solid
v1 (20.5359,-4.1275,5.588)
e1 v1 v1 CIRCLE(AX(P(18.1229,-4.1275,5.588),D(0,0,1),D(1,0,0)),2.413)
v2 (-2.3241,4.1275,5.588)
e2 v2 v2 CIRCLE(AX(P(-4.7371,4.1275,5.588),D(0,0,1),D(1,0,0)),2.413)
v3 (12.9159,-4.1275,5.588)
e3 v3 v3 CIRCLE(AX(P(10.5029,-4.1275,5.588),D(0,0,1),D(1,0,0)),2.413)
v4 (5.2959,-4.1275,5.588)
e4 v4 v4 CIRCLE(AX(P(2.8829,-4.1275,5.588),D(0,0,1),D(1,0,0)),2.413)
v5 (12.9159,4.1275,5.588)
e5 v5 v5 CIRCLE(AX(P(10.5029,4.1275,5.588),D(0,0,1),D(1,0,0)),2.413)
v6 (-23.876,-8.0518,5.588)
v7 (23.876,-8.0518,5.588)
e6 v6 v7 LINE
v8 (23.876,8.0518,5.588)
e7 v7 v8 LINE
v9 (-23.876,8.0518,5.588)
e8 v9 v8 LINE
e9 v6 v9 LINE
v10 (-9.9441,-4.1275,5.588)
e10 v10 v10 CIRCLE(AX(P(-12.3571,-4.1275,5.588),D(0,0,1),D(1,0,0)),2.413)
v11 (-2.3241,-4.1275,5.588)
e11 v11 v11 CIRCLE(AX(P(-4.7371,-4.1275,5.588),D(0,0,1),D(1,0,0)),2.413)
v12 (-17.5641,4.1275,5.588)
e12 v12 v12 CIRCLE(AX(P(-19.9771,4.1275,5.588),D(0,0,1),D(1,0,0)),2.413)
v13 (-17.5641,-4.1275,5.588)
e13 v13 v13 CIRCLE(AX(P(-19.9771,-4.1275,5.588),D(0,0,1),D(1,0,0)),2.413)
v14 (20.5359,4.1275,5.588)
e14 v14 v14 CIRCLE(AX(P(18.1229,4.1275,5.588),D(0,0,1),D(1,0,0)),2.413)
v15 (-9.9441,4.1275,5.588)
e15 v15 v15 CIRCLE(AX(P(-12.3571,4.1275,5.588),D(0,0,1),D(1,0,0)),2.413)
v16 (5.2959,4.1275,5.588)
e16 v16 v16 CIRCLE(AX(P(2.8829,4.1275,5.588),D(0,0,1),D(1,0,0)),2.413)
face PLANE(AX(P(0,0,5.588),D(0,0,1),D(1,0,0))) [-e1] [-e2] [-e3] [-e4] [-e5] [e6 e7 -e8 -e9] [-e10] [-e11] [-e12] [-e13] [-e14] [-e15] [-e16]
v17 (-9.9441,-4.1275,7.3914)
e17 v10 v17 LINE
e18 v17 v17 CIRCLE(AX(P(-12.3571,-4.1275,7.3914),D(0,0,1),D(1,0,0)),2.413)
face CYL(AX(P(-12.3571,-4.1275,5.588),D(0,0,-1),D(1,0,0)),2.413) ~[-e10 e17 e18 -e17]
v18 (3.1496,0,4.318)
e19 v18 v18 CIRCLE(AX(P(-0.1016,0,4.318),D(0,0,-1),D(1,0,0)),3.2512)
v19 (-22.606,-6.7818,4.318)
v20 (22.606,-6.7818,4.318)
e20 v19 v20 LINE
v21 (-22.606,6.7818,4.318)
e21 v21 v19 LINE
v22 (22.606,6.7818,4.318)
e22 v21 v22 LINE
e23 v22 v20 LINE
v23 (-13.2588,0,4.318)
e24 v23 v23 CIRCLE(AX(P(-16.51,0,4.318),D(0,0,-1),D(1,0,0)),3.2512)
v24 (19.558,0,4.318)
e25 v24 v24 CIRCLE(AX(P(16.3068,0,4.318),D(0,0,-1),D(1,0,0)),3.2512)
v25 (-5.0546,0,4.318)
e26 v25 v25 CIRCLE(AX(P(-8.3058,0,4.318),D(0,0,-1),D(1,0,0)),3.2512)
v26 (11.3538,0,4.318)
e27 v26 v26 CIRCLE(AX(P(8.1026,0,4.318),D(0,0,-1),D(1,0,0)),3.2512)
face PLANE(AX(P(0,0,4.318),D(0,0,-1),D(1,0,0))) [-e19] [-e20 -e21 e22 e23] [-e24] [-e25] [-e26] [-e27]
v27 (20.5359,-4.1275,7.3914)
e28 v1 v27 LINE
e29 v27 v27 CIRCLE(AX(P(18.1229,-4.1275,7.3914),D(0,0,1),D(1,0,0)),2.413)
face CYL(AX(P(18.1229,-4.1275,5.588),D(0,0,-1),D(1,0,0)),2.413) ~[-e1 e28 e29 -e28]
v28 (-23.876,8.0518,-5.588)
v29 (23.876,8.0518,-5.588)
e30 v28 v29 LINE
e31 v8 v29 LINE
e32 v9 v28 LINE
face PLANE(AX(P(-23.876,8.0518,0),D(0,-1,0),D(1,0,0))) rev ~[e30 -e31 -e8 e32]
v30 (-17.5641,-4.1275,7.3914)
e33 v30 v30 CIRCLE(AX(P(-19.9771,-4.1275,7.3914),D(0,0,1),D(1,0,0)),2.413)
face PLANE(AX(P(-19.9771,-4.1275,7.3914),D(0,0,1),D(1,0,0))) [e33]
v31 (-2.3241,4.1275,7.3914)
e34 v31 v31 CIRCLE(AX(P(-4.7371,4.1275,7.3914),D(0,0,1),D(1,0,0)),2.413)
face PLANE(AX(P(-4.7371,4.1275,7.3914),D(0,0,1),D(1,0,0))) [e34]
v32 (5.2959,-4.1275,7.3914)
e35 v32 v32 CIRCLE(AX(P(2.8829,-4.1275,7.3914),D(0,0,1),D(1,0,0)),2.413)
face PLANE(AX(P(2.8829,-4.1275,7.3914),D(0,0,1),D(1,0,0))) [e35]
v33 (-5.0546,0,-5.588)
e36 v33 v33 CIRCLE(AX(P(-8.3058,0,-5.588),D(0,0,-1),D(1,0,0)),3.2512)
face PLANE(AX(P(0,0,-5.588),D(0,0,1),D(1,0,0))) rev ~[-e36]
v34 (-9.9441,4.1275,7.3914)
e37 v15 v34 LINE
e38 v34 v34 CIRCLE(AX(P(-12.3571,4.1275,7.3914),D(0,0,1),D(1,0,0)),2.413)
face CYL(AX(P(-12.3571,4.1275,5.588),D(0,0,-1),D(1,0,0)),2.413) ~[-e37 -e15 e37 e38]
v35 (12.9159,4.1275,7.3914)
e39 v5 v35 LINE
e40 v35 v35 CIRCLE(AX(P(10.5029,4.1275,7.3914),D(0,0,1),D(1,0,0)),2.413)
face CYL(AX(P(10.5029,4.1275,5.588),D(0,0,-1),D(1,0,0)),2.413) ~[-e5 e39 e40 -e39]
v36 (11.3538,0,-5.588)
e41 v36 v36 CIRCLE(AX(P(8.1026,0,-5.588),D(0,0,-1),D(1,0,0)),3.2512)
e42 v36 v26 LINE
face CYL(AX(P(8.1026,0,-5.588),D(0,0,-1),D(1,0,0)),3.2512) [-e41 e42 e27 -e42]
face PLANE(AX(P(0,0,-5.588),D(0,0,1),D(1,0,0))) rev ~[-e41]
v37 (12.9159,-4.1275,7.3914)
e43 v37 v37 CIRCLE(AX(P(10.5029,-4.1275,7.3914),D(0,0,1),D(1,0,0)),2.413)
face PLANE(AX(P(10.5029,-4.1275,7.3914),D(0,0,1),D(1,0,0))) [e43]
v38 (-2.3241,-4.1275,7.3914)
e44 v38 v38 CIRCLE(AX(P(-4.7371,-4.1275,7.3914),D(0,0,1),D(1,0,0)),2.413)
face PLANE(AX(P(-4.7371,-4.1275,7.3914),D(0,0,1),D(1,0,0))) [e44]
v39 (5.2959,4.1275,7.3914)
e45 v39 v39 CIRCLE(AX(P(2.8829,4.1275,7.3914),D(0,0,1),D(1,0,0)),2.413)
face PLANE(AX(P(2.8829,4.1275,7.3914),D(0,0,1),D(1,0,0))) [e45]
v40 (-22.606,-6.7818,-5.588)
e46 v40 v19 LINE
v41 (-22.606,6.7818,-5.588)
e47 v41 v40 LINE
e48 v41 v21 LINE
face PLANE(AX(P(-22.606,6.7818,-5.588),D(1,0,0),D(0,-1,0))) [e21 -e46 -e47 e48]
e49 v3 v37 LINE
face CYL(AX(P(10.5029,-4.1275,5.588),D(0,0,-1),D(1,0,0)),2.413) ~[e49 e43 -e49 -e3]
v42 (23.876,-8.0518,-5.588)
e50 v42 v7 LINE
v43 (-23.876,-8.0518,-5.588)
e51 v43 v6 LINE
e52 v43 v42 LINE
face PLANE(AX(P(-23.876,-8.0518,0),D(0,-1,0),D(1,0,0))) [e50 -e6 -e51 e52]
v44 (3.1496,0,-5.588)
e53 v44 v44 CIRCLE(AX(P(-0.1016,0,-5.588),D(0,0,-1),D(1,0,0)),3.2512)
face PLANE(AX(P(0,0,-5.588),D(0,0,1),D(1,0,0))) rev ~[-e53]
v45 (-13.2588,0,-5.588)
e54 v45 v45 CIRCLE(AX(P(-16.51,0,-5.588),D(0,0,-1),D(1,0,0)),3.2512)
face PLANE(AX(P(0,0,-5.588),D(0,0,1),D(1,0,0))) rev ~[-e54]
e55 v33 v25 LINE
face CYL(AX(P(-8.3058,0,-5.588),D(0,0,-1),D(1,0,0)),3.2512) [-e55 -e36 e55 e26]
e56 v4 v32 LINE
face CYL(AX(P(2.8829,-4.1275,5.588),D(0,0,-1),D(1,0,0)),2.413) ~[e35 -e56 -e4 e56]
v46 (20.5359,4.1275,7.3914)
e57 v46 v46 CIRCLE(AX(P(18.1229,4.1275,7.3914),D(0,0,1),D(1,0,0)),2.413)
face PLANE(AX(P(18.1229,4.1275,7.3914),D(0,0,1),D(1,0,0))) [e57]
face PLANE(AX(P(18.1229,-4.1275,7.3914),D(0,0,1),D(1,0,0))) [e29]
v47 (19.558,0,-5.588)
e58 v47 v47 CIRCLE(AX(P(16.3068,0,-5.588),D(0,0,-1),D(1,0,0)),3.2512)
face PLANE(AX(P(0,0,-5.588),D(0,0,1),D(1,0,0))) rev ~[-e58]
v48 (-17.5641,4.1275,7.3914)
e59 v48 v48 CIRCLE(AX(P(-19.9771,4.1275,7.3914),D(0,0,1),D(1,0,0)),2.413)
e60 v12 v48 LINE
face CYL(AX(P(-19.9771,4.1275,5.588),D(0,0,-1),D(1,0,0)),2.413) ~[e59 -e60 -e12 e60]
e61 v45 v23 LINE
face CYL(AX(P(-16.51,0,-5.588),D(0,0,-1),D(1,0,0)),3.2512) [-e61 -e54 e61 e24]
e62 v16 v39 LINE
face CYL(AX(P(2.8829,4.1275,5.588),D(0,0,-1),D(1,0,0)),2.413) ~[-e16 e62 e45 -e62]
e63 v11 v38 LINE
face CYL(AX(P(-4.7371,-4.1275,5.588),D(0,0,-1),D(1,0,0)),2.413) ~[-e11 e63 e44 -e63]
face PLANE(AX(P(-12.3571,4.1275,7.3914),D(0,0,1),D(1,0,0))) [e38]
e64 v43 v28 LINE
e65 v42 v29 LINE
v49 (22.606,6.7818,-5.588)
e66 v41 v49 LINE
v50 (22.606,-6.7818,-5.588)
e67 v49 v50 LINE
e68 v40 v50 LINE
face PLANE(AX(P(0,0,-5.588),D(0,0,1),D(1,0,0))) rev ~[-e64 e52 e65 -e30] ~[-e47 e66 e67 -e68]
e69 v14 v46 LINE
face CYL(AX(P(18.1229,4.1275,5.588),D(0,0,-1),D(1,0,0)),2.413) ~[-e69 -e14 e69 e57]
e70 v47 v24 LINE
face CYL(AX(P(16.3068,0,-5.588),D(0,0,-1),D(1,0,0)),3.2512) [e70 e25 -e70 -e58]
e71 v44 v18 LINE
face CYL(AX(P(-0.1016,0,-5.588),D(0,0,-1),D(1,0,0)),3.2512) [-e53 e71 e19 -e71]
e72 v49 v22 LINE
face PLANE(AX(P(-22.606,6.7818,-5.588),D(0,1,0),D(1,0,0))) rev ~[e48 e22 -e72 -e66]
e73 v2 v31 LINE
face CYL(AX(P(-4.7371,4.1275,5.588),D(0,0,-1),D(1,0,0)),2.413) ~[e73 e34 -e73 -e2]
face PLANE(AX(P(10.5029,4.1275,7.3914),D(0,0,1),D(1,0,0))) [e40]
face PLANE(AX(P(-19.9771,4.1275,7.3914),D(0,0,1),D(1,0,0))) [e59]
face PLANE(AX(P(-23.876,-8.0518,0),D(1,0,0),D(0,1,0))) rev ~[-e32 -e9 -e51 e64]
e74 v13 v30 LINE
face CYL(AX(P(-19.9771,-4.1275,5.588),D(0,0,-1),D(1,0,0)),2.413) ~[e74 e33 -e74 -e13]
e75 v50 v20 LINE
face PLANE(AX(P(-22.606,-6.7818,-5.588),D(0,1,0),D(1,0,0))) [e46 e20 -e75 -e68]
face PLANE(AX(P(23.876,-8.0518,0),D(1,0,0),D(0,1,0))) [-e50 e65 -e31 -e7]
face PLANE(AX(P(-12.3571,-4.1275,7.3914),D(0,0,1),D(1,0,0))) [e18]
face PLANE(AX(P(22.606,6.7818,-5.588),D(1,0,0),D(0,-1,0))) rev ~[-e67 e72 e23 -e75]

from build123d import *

# Parameters (mm, degrees)
F0_W     = 47.752
F0_H     = 16.1036
F1_DEPTH = 5.588
F2_R     = 2.413
F3_DEPTH = 1.8034
F5_W     = 45.212
F5_H     = 13.5636
F5_R     = 3.2512
F6_DEPTH = 9.906


with BuildPart() as f1:
    # F0 (on Top) → F1 (new body, symmetric)
    with BuildSketch(Plane.XY):
        Rectangle(F0_W, F0_H)
    extrude(amount=F1_DEPTH, both=True)

    # F2 (on face) → F3 (join)
    with BuildSketch(Plane.XY.offset(5.588)):
        with Locations((-19.9771, 4.1275)):
            Circle(F2_R)
        with Locations((-12.3571, 4.1275)):
            Circle(F2_R)
        with Locations((-4.7371, 4.1275)):
            Circle(F2_R)
        with Locations((2.8829, 4.1275)):
            Circle(F2_R)
        with Locations((10.5029, 4.1275)):
            Circle(F2_R)
        with Locations((-19.9771, -4.1275)):
            Circle(F2_R)
        with Locations((-12.3571, -4.1275)):
            Circle(F2_R)
        with Locations((-4.7371, -4.1275)):
            Circle(F2_R)
        with Locations((2.8829, -4.1275)):
            Circle(F2_R)
        with Locations((10.5029, -4.1275)):
            Circle(F2_R)
        with Locations((18.1229, 4.1275)):
            Circle(F2_R)
        with Locations((18.1229, -4.1275)):
            Circle(F2_R)
    extrude(amount=F3_DEPTH)

    # F5 (on face) → F6 (cut)
    with BuildSketch(Plane(origin=(0, 0, -5.588), x_dir=(1, 0, 0), z_dir=(0, 0, -1))):
        Rectangle(F5_W, F5_H)
        with Locations((-16.51, 0)):
            Circle(F5_R, mode=Mode.SUBTRACT)
        with Locations((-8.3058, 0)):
            Circle(F5_R, mode=Mode.SUBTRACT)
        with Locations((-0.1016, 0)):
            Circle(F5_R, mode=Mode.SUBTRACT)
        with Locations((8.1026, 0)):
            Circle(F5_R, mode=Mode.SUBTRACT)
        with Locations((16.3068, 0)):
            Circle(F5_R, mode=Mode.SUBTRACT)
    extrude(amount=-F6_DEPTH, mode=Mode.SUBTRACT)


solid = f1.part
